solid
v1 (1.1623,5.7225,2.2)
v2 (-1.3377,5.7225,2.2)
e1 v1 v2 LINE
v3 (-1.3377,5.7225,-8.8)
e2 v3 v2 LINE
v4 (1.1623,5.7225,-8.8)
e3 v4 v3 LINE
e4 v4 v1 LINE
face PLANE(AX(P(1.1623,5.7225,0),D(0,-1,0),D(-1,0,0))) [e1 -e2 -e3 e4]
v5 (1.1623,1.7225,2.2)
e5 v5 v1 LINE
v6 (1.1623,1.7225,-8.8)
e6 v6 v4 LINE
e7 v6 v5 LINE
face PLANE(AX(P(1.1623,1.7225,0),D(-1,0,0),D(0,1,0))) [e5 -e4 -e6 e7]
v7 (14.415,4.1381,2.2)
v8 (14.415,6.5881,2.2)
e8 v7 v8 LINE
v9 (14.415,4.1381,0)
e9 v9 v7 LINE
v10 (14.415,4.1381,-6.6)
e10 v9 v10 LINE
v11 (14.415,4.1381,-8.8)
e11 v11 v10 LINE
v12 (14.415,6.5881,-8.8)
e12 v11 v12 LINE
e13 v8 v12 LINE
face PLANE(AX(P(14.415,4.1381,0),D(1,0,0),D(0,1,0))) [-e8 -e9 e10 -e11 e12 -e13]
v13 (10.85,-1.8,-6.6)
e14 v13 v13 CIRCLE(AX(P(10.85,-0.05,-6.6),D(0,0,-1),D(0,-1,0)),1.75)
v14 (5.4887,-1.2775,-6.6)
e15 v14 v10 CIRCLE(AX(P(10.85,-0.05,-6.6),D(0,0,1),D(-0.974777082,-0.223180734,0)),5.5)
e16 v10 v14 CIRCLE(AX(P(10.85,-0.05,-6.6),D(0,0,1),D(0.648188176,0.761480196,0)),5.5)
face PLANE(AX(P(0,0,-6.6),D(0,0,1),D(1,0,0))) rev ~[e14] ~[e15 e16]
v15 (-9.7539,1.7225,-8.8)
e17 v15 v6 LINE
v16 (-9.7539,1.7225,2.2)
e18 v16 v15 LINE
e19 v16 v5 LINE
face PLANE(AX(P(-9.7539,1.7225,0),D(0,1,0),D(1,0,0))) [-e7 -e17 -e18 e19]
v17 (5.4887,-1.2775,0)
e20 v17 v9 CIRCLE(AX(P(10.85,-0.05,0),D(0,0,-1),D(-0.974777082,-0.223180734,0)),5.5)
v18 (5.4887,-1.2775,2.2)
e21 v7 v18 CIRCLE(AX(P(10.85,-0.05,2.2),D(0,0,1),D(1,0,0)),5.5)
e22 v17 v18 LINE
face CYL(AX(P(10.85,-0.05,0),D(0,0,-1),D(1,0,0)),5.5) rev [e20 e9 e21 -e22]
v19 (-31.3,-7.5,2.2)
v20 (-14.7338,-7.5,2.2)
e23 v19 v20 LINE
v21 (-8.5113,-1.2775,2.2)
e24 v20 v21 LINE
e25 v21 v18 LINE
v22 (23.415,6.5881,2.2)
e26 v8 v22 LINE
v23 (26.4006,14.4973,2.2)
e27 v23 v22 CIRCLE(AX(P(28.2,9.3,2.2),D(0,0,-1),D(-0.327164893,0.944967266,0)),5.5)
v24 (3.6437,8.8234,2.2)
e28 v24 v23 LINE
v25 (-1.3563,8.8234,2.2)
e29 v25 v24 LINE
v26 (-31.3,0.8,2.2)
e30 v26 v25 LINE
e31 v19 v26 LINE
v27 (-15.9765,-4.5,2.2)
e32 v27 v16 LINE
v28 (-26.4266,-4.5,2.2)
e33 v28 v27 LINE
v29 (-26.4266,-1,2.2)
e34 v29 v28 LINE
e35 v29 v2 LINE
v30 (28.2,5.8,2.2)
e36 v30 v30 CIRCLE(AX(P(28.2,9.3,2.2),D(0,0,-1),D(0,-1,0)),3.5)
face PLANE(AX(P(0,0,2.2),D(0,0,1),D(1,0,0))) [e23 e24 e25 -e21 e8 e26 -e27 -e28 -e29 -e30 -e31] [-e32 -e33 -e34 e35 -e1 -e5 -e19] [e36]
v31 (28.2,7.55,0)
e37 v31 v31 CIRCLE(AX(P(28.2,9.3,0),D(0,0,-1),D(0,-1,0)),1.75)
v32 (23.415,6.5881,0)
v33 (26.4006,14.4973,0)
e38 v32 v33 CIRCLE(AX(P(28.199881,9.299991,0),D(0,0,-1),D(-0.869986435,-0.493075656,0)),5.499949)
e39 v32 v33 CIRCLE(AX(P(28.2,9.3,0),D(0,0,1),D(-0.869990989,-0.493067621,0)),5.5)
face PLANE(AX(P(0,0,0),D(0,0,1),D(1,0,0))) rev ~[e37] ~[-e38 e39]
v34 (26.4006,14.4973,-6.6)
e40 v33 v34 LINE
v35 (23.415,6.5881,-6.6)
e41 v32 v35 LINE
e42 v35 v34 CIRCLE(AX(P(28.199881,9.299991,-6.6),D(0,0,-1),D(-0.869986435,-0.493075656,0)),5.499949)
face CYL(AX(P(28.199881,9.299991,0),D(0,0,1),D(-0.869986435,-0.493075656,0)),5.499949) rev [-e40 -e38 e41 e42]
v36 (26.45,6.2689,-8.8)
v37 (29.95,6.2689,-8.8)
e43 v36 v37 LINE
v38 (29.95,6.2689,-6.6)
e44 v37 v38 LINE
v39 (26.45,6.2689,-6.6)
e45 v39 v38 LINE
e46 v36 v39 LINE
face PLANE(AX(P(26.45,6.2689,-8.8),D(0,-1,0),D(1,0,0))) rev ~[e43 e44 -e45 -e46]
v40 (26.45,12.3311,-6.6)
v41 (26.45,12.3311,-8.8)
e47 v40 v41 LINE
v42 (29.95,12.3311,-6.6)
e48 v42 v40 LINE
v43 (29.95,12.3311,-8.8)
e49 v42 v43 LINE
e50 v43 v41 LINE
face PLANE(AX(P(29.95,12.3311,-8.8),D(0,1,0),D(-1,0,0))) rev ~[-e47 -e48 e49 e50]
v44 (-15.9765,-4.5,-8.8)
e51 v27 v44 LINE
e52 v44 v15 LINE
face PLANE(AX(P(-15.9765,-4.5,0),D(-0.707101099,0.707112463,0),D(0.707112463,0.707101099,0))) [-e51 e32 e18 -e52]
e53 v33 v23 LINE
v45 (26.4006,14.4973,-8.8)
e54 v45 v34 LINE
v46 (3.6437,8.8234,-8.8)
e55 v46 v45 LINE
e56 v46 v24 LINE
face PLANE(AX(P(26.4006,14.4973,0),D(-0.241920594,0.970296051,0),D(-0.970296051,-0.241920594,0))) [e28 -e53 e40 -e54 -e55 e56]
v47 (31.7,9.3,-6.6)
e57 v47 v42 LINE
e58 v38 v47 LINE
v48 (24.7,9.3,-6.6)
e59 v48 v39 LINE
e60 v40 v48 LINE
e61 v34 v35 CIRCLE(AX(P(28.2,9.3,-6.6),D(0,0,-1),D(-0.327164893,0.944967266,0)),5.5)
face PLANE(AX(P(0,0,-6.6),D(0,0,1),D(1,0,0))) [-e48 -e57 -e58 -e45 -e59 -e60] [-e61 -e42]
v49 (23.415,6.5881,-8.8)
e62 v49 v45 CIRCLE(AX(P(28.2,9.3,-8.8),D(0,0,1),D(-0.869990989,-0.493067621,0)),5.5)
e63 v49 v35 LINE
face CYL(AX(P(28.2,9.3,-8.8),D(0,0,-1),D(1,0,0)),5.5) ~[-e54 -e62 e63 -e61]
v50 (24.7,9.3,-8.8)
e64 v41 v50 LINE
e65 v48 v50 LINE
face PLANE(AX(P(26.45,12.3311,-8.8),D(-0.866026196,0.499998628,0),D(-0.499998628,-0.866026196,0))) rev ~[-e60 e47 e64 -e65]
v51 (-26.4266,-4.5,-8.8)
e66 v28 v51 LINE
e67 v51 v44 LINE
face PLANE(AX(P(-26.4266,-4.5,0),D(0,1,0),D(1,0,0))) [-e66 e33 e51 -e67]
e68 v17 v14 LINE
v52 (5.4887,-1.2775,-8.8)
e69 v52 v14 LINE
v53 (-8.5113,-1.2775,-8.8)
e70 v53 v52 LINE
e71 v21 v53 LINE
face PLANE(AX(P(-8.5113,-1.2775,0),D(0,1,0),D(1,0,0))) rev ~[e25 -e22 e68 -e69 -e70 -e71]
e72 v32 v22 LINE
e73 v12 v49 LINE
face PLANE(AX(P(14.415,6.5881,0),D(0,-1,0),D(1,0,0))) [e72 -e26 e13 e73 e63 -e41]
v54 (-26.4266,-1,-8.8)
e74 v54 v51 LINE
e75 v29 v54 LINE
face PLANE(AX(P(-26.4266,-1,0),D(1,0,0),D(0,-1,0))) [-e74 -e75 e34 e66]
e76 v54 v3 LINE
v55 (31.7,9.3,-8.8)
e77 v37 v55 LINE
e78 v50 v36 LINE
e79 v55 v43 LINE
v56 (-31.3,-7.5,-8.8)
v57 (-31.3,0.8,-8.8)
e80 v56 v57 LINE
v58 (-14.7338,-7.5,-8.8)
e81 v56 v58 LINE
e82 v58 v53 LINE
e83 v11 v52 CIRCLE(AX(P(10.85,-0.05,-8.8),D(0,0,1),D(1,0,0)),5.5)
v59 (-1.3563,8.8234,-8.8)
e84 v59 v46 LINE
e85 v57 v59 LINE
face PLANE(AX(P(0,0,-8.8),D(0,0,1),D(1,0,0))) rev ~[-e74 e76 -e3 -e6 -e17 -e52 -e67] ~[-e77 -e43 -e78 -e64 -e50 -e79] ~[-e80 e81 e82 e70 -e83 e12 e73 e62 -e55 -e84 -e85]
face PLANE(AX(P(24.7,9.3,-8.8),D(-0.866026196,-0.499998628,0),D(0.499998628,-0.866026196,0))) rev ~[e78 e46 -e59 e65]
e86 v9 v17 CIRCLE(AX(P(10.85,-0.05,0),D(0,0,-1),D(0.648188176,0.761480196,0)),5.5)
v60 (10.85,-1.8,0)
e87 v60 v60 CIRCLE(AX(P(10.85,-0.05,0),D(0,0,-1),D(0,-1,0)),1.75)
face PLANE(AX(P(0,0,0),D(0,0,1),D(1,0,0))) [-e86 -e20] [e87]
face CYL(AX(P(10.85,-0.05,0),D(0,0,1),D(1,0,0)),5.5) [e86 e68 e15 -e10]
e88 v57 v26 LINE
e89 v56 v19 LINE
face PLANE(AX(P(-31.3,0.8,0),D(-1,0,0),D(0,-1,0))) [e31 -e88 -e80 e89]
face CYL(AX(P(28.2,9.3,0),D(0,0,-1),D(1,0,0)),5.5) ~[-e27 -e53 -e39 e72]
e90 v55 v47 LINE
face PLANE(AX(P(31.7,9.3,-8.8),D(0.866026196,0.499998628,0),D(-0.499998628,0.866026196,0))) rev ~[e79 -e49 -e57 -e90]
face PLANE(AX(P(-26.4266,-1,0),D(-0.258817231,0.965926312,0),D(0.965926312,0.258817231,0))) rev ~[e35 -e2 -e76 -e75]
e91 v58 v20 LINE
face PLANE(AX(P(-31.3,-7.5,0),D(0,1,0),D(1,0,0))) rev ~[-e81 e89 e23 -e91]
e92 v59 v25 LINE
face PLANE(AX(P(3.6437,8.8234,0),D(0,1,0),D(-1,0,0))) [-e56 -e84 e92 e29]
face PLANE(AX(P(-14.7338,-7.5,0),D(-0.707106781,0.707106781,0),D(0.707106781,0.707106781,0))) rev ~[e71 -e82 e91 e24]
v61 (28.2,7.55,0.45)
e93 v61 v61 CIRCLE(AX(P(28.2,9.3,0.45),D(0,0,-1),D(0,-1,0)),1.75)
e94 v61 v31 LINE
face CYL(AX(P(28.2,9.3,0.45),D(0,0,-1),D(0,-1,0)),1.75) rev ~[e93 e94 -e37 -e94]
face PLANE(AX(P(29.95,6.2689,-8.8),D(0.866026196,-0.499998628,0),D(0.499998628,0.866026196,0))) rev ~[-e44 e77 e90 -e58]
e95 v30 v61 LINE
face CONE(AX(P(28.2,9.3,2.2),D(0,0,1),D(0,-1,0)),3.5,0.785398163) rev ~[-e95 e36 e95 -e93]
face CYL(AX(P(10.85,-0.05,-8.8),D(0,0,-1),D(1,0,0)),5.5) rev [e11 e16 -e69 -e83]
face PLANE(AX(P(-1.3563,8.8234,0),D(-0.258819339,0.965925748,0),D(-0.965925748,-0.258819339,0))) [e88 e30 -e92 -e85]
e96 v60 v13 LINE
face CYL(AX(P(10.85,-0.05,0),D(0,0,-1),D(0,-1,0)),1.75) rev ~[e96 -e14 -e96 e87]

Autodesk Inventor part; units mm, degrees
ref_plane "YZ Plane" through (0, 0, 0) normal (1, 0, 0) x (0, 1, 0)
ref_plane "XZ Plane" through (0, 0, 0) normal (0, 1, 0) x (-1, 0, 0)
ref_plane "XY Plane" through (0, 0, 0) normal (0, 0, 1) x (1, 0, 0)
sketch "Esboço1" plane through (0, 0, 0) normal (0, 0, 1) x (1, 0, 0)
  circle A0 centre (28.2, 9.3) radius 5.5
  line L0 (-31.3, -7.5) -> (33.7, -7.5) construction
  line L1 (33.7, -7.5) -> (33.7, 14.8) construction
  line L2 (33.7, 14.8) -> (-31.3, 14.8) construction
  line L3 (-31.3, 14.8) -> (-31.3, -7.5) construction
  circle A1 centre (10.85, -0.05) radius 5.5
  line L4 (-14.7338, -7.5) -> (-8.5113, -1.2775)
  line L5 (-31.3, -7.5) -> (-14.7338, -7.5)
  line L6 (-8.5113, -1.2775) -> (5.4887, -1.2775)
  line L7 (-31.3, -7.5) -> (-31.3, 0.8)
  line L8 (-31.3, 0.8) -> (-1.3563, 8.8234)
  line L9 (-1.3563, 8.8234) -> (3.6437, 8.8234)
  line L10 (3.6437, 8.8234) -> (26.4006, 14.4973)
  line L11 (14.415, 4.1381) -> (14.415, 6.5881)
  line L12 (14.415, 6.5881) -> (23.415, 6.5881)
  line L13 (-26.4266, -1) -> (-26.4266, -4.5)
  line L14 (-26.4266, -4.5) -> (-15.9765, -4.5)
  line L15 (-26.4266, -1) -> (-1.3377, 5.7225)
  line L16 (-15.9765, -4.5) -> (-9.7539, 1.7225)
  line L17 (-9.7539, 1.7225) -> (1.1623, 1.7225)
  line L18 (1.1623, 1.7225) -> (1.1623, 5.7225)
  line L19 (1.1623, 5.7225) -> (-1.3377, 5.7225)
  point P0 (0, 0)
  dimension "d4" = 11
  dimension "d5" = 28.2
  dimension "d6" = 9.3
  dimension "d7" = 65
  dimension "d8" = 22.3
  dimension "d9" = 65
  dimension "d10" = 9.35
  dimension "d11" = 17.35
  dimension "d12" = 8.8
  dimension "d14" = 135
  dimension "d15" = 14
  dimension "d16" = 8.3
  dimension "d17" = 31
  dimension "d18" = 105
  dimension "d19" = 5
  dimension "d20" = 14
  dimension "d21" = 2.45
  dimension "d22" = 9
  dimension "d23" = 3
  dimension "d24" = 3
  dimension "d25" = 3.5
  dimension "d26" = 3
  dimension "d27" = 3
  dimension "d28" = 4
  dimension "d29" = 2.5
extrude "Extrusão1" add sketch "Esboço1" along normal blind 2.2 contours A0 L12 L11 A1 L6 L4 L5 L7 L8 L9 L10
extrude "Extrusão2" add sketch "Esboço1" against normal blind 6.6 contours A1
extrude "Extrusão3" add sketch "Esboço1" along normal blind 2.2 contours A0
sketch "Esboço2" plane through (0, 0, 0) normal (0, 0, 1) x (1, 0, 0)
  arc A0 (5.4887, -1.2775) -> (14.415, 4.1381) centre (10.85, -0.05) ccw projected
  point P0 (0, 0)
hole "Furo1" at (10.85, -0.05, 0) direction (0, 0, -1) diameter 3.5 end through all
sketch "Esboço3" plane through (0, 0, 2.2) normal (0, 0, 1) x (1, 0, 0)
  arc A0 (23.415, 6.5881) -> (26.4006, 14.4973) centre (28.2, 9.3) ccw projected
  point P0 (0, 0)
hole "Furo2" at (28.2, 9.3, 2.2) direction (0, 0, -1) diameter 3.5 end through all countersink diameter 7 countersink angle 90
pattern_linear "Padrão retangular3" count 2 spacing 8.8 along (0, 0, -1) of "Extrusão1", "Extrusão3"
sketch "Esboço6" plane through (-14.7338, -7.5, -8.8) normal (0, 0, -1) x (-1, 0, 0)
  circle A0 centre (-42.9338, 16.8) radius 3.5 projected
  line L0 (-41.1838, 13.7689) -> (-44.6838, 13.7689)
  line L1 (-44.6838, 13.7689) -> (-46.4338, 16.8)
  line L2 (-46.4338, 16.8) -> (-44.6838, 19.8311)
  line L3 (-44.6838, 19.8311) -> (-41.1838, 19.8311)
  line L4 (-41.1838, 19.8311) -> (-39.4338, 16.8)
  line L5 (-39.4338, 16.8) -> (-41.1838, 13.7689)
  point P0 (-14.7338, 7.5)
  point P1 (-42.9338, 16.8)
extrude "Extrusão6" cut sketch "Esboço6" along normal mid plane 4.4 contours L5 L0 L1 L2 L3 L4
sketch "Esboço4" plane through (0, 0, 0) normal (0, 0, -1) x (-1, 0, 0)
  line L0 (-26.4006, 14.4973) -> (-3.6437, 8.8234) projected
  line L1 (-26.4006, 14.4973) -> (-3.6437, 8.8234)
  line L2 (1.3563, 8.8234) -> (31.3, 0.8) projected
  line L3 (-3.6437, 8.8234) -> (1.3563, 8.8234)
  line L4 (1.3563, 8.8234) -> (31.3, 0.8)
  line L5 (31.3, 0.8) -> (31.3, -7.5)
  line L6 (31.3, -7.5) -> (14.7338, -7.5) projected
  line L7 (31.3, -7.5) -> (14.7338, -7.5)
  line L8 (14.7338, -7.5) -> (8.5113, -1.2775)
  line L9 (15.9765, -4.5) -> (9.7539, 1.7225) projected
  line L10 (8.5113, -1.2775) -> (-5.4887, -1.2775)
  arc A0 (-5.4887, -1.2775) -> (-14.415, 4.1381) centre (-10.85, -0.05) ccw projected
  arc A1 (-14.415, 4.1381) -> (-5.4887, -1.2775) centre (-10.85, -0.05) ccw
  line L11 (-14.415, 4.1381) -> (-14.415, 6.5881) projected
  line L12 (-14.415, 4.1381) -> (-14.415, 6.5881)
  line L13 (-14.415, 6.5881) -> (-23.415, 6.5881)
  line L14 (-14.415, 6.5881) -> (-23.415, 6.5881) projected
  arc A2 (-26.4006, 14.4973) -> (-23.415, 6.5881) centre (-28.2, 9.3) ccw construction
  arc A3 (-26.4006, 14.4973) -> (-23.415, 6.5881) centre (-28.2, 9.3) ccw projected
  arc A4 (-23.415, 6.5881) -> (-26.4006, 14.4973) centre (-28.2, 9.3) ccw
  line L15 (-1.1623, 5.7225) -> (1.3377, 5.7225) projected
  line L16 (-1.1623, 5.7225) -> (1.3377, 5.7225)
  line L17 (26.4266, -1) -> (1.3377, 5.7225) projected
  line L18 (1.3377, 5.7225) -> (26.4266, -1)
  line L19 (26.4266, -1) -> (26.4266, -4.5)
  line L20 (15.9765, -4.5) -> (26.4266, -4.5) projected
  line L21 (26.4266, -4.5) -> (15.9765, -4.5)
  line L22 (15.9765, -4.5) -> (9.7539, 1.7225)
  line L23 (9.7539, 1.7225) -> (-1.1623, 1.7225)
  line L24 (-1.1623, 1.7225) -> (-1.1623, 5.7225)
  point P0 (0, 0)
  point P1 (-5.4887, -1.2775)
extrude "Extrusão7" add sketch "Esboço4" along normal blind 6.6 contours L0 L3 L2 L5 L6 L8 L10 A0 L11 L13 A4
properties part number "Pinza_0002_001" material "Borracha"
